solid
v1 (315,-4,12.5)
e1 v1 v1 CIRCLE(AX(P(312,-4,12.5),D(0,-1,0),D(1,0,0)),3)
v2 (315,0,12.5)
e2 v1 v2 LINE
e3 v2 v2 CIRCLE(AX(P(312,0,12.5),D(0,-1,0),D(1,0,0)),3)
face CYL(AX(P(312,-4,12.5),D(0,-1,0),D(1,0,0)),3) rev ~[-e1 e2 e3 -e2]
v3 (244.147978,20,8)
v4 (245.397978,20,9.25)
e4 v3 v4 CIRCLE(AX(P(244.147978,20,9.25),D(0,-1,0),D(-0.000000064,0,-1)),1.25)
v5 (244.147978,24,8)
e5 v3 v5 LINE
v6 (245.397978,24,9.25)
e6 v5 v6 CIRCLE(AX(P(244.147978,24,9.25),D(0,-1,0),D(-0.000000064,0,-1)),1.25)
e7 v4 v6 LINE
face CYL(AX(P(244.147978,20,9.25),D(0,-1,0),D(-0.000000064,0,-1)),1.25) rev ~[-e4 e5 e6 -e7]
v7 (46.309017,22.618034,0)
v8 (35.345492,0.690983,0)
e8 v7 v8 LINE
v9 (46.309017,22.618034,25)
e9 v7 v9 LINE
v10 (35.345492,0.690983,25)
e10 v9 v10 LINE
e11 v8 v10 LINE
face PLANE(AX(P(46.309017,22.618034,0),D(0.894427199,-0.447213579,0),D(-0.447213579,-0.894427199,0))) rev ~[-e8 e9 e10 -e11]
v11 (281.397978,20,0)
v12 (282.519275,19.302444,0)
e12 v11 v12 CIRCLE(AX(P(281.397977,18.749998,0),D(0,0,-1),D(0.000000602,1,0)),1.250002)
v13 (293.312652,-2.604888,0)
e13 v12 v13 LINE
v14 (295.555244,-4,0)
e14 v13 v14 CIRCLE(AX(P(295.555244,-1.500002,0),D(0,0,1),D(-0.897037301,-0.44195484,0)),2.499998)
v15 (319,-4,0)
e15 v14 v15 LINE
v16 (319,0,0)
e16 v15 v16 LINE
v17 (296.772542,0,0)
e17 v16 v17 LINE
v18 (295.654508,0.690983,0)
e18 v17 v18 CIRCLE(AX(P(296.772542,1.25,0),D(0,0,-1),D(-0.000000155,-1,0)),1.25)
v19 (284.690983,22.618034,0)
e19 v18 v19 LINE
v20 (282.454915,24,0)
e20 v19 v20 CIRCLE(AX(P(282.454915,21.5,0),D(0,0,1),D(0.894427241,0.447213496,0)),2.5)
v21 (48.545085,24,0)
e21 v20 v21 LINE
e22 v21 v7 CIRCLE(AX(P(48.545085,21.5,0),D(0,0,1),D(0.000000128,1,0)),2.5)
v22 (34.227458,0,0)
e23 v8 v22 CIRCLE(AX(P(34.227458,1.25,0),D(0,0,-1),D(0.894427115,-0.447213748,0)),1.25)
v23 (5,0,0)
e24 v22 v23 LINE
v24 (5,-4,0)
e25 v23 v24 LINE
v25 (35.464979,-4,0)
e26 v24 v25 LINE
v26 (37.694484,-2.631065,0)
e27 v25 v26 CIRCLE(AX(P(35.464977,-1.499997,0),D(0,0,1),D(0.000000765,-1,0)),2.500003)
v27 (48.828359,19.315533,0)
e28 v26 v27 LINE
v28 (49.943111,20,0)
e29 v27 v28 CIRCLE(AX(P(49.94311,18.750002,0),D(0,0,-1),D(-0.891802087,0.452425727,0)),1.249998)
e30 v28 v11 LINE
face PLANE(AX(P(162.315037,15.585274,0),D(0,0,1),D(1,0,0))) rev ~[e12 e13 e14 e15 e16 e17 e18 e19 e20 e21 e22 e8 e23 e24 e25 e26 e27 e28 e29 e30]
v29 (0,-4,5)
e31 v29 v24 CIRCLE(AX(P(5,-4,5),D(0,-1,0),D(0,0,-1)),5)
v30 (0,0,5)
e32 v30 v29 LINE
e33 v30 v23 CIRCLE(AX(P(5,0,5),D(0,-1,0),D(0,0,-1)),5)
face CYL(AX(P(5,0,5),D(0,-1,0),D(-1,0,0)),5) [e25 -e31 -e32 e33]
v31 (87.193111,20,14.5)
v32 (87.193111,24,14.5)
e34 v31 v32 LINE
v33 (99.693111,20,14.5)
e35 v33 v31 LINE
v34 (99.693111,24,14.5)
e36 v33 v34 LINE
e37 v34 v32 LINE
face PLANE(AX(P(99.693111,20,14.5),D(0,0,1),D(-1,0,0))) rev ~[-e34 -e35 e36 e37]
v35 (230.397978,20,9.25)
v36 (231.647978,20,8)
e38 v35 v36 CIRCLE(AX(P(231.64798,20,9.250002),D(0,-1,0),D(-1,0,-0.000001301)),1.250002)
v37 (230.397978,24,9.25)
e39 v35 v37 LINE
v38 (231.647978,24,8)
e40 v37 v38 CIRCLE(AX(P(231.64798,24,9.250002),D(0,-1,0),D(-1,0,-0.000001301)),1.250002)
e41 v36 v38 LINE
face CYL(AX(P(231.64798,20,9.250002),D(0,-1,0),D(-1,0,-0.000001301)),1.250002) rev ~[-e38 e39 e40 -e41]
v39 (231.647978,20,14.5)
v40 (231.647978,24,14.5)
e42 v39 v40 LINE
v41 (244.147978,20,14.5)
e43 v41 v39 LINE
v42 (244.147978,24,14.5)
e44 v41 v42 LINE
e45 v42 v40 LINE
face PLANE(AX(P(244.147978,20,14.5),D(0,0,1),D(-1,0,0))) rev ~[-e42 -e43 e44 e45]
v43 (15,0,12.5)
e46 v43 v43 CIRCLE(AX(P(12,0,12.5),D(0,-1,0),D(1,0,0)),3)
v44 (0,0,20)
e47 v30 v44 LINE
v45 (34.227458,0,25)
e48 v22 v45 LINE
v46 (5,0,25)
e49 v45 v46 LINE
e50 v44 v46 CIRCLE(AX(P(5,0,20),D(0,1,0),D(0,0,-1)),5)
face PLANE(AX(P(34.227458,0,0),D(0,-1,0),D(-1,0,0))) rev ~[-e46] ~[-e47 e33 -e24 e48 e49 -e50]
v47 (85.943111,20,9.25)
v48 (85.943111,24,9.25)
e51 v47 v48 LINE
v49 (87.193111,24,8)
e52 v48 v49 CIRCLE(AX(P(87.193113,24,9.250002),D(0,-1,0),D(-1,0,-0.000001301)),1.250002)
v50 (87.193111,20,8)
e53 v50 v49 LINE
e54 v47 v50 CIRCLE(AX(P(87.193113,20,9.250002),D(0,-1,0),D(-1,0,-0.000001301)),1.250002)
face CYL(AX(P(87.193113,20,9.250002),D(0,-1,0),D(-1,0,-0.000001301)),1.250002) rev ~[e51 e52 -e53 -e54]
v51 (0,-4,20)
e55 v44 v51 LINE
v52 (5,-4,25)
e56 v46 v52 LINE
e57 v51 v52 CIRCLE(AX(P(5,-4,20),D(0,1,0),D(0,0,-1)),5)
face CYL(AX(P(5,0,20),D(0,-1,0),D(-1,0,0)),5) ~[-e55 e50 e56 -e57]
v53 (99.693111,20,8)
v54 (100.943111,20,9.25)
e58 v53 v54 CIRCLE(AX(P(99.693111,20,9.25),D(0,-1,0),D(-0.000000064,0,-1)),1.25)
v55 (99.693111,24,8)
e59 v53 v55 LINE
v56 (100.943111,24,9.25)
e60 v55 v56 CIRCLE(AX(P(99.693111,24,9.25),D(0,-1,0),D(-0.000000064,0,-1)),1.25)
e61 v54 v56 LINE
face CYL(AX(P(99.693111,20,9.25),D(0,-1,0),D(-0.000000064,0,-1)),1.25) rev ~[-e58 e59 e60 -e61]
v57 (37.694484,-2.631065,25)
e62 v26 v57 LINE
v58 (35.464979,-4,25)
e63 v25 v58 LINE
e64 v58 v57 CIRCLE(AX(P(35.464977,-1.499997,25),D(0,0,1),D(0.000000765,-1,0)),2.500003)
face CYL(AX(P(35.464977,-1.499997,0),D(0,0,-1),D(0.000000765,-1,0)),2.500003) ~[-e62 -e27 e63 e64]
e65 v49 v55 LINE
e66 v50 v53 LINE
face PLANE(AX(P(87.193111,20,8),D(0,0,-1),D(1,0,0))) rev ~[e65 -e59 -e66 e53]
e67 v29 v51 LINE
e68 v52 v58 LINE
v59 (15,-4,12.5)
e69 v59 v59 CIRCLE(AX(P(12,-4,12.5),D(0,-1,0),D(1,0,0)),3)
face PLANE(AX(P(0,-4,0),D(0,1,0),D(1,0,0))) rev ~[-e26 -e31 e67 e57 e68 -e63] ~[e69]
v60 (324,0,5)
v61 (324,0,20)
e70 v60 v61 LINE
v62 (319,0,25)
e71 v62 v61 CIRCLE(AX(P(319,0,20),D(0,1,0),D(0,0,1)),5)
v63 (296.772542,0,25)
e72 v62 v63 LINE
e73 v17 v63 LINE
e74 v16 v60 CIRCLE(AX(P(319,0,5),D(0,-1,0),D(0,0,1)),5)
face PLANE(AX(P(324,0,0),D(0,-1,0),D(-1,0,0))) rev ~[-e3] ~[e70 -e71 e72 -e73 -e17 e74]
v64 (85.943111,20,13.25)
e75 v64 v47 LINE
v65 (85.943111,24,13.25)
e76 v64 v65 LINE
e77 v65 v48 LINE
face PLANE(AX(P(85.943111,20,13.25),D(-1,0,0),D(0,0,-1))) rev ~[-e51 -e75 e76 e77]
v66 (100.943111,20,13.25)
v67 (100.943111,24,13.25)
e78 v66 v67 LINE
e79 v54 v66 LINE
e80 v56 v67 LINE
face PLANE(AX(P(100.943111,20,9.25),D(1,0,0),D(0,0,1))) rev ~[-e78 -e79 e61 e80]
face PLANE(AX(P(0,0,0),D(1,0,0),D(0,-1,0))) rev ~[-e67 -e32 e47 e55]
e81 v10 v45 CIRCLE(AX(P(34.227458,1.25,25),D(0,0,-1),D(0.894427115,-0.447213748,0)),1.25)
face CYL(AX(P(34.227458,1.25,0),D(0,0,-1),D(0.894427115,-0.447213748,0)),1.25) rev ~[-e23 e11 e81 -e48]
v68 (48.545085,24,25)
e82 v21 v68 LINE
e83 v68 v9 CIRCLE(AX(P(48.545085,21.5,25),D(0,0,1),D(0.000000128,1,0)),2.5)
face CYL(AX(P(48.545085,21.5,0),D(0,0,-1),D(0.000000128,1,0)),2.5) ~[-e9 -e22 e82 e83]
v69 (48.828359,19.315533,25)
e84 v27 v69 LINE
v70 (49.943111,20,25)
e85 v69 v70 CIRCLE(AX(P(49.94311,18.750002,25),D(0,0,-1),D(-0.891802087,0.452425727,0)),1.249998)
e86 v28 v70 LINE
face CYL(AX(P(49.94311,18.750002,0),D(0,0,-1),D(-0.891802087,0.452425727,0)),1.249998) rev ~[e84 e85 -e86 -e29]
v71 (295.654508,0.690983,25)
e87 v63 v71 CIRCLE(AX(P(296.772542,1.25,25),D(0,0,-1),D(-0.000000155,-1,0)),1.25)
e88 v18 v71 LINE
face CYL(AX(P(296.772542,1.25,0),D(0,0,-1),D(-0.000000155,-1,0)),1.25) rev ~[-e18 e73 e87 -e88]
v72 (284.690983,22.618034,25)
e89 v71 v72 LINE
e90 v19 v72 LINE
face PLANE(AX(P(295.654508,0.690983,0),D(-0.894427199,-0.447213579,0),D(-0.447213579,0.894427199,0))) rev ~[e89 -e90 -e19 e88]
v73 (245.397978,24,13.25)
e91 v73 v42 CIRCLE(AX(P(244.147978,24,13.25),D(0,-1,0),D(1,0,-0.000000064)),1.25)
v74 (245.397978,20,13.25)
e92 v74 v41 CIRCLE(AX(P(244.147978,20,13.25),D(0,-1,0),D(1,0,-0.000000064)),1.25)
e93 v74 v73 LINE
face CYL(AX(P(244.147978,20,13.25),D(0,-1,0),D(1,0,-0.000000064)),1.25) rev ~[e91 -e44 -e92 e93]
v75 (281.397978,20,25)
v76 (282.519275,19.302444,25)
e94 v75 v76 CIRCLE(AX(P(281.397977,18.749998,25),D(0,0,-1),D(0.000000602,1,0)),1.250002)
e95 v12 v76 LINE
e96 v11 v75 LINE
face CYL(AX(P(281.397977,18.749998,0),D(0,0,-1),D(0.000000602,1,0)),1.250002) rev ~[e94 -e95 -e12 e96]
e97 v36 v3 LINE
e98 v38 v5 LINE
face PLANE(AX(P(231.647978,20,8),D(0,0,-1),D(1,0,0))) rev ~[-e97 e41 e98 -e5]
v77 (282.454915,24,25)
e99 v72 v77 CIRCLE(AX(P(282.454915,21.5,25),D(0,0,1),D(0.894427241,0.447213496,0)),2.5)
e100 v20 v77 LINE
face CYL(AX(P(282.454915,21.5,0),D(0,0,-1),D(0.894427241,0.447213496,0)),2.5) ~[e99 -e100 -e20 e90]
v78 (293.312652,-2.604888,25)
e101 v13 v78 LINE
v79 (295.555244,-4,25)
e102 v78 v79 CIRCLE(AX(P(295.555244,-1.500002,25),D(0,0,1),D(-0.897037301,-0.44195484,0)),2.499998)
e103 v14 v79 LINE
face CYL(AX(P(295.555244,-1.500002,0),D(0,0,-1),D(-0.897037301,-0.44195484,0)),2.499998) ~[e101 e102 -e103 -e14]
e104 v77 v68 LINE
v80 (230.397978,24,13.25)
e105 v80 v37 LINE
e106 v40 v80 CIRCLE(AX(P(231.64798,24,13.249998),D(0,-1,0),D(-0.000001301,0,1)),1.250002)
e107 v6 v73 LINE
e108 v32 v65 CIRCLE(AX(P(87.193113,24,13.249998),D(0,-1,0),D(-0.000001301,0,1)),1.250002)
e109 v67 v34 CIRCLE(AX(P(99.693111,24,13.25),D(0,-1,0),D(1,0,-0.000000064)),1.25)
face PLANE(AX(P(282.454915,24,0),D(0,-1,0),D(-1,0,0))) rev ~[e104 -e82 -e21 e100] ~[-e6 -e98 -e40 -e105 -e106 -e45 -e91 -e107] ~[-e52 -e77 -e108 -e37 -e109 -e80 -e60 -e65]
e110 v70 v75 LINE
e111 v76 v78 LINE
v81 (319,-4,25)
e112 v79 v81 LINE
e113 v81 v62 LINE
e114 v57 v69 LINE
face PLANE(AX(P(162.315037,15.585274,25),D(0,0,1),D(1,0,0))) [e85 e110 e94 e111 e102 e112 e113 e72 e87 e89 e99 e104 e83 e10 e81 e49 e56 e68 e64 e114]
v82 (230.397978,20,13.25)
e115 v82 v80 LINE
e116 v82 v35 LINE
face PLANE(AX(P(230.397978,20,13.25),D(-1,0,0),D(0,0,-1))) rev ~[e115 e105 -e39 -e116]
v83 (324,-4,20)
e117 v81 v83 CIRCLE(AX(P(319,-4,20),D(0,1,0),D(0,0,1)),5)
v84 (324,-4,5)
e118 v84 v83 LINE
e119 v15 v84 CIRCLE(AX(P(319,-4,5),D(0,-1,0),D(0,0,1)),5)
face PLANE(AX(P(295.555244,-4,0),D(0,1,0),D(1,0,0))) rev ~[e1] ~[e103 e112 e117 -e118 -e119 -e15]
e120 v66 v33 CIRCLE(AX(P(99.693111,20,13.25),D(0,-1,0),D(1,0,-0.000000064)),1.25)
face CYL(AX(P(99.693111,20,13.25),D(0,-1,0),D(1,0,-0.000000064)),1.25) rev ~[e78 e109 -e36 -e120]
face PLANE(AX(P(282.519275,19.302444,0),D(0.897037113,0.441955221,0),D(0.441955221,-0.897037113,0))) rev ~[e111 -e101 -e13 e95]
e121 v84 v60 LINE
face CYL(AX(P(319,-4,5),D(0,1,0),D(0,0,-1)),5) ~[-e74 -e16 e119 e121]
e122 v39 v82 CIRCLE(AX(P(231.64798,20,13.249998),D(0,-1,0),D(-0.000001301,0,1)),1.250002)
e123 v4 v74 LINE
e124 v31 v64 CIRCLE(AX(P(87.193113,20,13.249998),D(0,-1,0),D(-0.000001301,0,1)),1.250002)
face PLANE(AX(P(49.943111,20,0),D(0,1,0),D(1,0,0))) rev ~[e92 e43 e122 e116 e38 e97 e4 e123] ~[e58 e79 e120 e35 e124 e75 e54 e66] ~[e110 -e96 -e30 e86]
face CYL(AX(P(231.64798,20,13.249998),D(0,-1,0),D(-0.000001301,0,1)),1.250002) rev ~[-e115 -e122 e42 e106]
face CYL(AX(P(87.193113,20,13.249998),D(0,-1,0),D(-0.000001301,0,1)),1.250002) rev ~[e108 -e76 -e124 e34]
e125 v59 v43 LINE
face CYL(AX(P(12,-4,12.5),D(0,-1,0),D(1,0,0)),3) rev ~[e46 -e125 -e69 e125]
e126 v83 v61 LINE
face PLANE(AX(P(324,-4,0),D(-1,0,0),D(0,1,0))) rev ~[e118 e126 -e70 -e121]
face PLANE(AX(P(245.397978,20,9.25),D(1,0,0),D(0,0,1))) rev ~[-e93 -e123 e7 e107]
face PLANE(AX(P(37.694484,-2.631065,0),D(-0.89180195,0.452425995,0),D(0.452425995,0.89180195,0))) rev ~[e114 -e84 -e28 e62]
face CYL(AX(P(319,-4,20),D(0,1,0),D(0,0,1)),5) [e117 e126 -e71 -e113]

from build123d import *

# Parameters (mm, degrees)
F1_DEPTH = 25
F3_DEPTH = 4
F4_R     = 5
F5_R     = 3
F6_DEPTH = 4
F7_R     = 3
F8_DEPTH = 4


with BuildPart() as f1:
    # F0 (on Top) → F1 (new body)
    with BuildSketch(Plane.XY):
        with BuildLine():
            Line((34.227458, 0), (0, 0))
            Line((0, 0), (0, -4))
            Line((0, -4), (35.464979, -4))
            ThreePointArc((35.464979, -4), (36.773095, -3.630453), (37.694484, -2.631065))
            Line((37.694484, -2.631065), (48.828359, 19.315533))
            ThreePointArc((48.828359, 19.315533), (49.289053, 19.815227), (49.943111, 20))
            Line((49.943111, 20), (281.397978, 20))
            ThreePointArc((281.397978, 20), (282.05826, 19.81138), (282.519275, 19.302444))
            Line((282.519275, 19.302444), (293.312652, -2.604888))
            ThreePointArc((293.312652, -2.604888), (294.23468, -3.62276), (295.555244, -4))
            Line((295.555244, -4), (324, -4))
            Line((324, -4), (324, 0))
            Line((324, 0), (296.772542, 0))
            ThreePointArc((296.772542, 0), (296.115379, 0.186686), (295.654508, 0.690983))
            Line((295.654508, 0.690983), (284.690983, 22.618034))
            ThreePointArc((284.690983, 22.618034), (283.769243, 23.626627), (282.454915, 24))
            Line((282.454915, 24), (48.545085, 24))
            ThreePointArc((48.545085, 24), (47.230757, 23.626627), (46.309017, 22.618034))
            Line((46.309017, 22.618034), (35.345492, 0.690983))
            ThreePointArc((35.345492, 0.690983), (34.884621, 0.186686), (34.227458, 0))
        make_face()
    extrude(amount=F1_DEPTH)

    # F2 (on face) → F3 (cut)
    with BuildSketch(Plane.XZ.offset(-20)):
        with BuildLine():
            Line((99.693111, 14.5), (87.193111, 14.5))
            ThreePointArc((87.193111, 14.5), (86.309228, 14.133883), (85.943111, 13.25))
            Line((85.943111, 13.25), (85.943111, 9.25))
            ThreePointArc((85.943111, 9.25), (86.309228, 8.366117), (87.193111, 8))
            Line((87.193111, 8), (99.693111, 8))
            ThreePointArc((99.693111, 8), (100.576995, 8.366117), (100.943111, 9.25))
            Line((100.943111, 9.25), (100.943111, 13.25))
            ThreePointArc((100.943111, 13.25), (100.576995, 14.133883), (99.693111, 14.5))
        make_face()
        with BuildLine():
            Line((244.147978, 14.5), (231.647978, 14.5))
            ThreePointArc((231.647978, 14.5), (230.764095, 14.133883), (230.397978, 13.25))
            Line((230.397978, 13.25), (230.397978, 9.25))
            ThreePointArc((230.397978, 9.25), (230.764095, 8.366117), (231.647978, 8))
            Line((231.647978, 8), (244.147978, 8))
            ThreePointArc((244.147978, 8), (245.031862, 8.366117), (245.397978, 9.25))
            Line((245.397978, 9.25), (245.397978, 13.25))
            ThreePointArc((245.397978, 13.25), (245.031862, 14.133883), (244.147978, 14.5))
        make_face()
    extrude(amount=-F3_DEPTH, mode=Mode.SUBTRACT)

    # F4
    f4_edges = [f1.edges().sort_by_distance(p)[0] for p in [
        (324, -2, 25),
        (324, -2, 0),
        (0, -2, 25),
        (0, -2, 0),
    ]]
    fillet(f4_edges, radius=F4_R)

    # F5 (on face) → F6 (cut)
    with BuildSketch(Plane.XZ.offset(4)):
        with Locations((12, 12.5)):
            Circle(F5_R)
    extrude(amount=-F6_DEPTH, mode=Mode.SUBTRACT)

    # F7 (on face) → F8 (cut)
    with BuildSketch(Plane.XZ.offset(4)):
        with Locations((312, 12.5)):
            Circle(F7_R)
    extrude(amount=-F8_DEPTH, mode=Mode.SUBTRACT)


solid = f1.part
